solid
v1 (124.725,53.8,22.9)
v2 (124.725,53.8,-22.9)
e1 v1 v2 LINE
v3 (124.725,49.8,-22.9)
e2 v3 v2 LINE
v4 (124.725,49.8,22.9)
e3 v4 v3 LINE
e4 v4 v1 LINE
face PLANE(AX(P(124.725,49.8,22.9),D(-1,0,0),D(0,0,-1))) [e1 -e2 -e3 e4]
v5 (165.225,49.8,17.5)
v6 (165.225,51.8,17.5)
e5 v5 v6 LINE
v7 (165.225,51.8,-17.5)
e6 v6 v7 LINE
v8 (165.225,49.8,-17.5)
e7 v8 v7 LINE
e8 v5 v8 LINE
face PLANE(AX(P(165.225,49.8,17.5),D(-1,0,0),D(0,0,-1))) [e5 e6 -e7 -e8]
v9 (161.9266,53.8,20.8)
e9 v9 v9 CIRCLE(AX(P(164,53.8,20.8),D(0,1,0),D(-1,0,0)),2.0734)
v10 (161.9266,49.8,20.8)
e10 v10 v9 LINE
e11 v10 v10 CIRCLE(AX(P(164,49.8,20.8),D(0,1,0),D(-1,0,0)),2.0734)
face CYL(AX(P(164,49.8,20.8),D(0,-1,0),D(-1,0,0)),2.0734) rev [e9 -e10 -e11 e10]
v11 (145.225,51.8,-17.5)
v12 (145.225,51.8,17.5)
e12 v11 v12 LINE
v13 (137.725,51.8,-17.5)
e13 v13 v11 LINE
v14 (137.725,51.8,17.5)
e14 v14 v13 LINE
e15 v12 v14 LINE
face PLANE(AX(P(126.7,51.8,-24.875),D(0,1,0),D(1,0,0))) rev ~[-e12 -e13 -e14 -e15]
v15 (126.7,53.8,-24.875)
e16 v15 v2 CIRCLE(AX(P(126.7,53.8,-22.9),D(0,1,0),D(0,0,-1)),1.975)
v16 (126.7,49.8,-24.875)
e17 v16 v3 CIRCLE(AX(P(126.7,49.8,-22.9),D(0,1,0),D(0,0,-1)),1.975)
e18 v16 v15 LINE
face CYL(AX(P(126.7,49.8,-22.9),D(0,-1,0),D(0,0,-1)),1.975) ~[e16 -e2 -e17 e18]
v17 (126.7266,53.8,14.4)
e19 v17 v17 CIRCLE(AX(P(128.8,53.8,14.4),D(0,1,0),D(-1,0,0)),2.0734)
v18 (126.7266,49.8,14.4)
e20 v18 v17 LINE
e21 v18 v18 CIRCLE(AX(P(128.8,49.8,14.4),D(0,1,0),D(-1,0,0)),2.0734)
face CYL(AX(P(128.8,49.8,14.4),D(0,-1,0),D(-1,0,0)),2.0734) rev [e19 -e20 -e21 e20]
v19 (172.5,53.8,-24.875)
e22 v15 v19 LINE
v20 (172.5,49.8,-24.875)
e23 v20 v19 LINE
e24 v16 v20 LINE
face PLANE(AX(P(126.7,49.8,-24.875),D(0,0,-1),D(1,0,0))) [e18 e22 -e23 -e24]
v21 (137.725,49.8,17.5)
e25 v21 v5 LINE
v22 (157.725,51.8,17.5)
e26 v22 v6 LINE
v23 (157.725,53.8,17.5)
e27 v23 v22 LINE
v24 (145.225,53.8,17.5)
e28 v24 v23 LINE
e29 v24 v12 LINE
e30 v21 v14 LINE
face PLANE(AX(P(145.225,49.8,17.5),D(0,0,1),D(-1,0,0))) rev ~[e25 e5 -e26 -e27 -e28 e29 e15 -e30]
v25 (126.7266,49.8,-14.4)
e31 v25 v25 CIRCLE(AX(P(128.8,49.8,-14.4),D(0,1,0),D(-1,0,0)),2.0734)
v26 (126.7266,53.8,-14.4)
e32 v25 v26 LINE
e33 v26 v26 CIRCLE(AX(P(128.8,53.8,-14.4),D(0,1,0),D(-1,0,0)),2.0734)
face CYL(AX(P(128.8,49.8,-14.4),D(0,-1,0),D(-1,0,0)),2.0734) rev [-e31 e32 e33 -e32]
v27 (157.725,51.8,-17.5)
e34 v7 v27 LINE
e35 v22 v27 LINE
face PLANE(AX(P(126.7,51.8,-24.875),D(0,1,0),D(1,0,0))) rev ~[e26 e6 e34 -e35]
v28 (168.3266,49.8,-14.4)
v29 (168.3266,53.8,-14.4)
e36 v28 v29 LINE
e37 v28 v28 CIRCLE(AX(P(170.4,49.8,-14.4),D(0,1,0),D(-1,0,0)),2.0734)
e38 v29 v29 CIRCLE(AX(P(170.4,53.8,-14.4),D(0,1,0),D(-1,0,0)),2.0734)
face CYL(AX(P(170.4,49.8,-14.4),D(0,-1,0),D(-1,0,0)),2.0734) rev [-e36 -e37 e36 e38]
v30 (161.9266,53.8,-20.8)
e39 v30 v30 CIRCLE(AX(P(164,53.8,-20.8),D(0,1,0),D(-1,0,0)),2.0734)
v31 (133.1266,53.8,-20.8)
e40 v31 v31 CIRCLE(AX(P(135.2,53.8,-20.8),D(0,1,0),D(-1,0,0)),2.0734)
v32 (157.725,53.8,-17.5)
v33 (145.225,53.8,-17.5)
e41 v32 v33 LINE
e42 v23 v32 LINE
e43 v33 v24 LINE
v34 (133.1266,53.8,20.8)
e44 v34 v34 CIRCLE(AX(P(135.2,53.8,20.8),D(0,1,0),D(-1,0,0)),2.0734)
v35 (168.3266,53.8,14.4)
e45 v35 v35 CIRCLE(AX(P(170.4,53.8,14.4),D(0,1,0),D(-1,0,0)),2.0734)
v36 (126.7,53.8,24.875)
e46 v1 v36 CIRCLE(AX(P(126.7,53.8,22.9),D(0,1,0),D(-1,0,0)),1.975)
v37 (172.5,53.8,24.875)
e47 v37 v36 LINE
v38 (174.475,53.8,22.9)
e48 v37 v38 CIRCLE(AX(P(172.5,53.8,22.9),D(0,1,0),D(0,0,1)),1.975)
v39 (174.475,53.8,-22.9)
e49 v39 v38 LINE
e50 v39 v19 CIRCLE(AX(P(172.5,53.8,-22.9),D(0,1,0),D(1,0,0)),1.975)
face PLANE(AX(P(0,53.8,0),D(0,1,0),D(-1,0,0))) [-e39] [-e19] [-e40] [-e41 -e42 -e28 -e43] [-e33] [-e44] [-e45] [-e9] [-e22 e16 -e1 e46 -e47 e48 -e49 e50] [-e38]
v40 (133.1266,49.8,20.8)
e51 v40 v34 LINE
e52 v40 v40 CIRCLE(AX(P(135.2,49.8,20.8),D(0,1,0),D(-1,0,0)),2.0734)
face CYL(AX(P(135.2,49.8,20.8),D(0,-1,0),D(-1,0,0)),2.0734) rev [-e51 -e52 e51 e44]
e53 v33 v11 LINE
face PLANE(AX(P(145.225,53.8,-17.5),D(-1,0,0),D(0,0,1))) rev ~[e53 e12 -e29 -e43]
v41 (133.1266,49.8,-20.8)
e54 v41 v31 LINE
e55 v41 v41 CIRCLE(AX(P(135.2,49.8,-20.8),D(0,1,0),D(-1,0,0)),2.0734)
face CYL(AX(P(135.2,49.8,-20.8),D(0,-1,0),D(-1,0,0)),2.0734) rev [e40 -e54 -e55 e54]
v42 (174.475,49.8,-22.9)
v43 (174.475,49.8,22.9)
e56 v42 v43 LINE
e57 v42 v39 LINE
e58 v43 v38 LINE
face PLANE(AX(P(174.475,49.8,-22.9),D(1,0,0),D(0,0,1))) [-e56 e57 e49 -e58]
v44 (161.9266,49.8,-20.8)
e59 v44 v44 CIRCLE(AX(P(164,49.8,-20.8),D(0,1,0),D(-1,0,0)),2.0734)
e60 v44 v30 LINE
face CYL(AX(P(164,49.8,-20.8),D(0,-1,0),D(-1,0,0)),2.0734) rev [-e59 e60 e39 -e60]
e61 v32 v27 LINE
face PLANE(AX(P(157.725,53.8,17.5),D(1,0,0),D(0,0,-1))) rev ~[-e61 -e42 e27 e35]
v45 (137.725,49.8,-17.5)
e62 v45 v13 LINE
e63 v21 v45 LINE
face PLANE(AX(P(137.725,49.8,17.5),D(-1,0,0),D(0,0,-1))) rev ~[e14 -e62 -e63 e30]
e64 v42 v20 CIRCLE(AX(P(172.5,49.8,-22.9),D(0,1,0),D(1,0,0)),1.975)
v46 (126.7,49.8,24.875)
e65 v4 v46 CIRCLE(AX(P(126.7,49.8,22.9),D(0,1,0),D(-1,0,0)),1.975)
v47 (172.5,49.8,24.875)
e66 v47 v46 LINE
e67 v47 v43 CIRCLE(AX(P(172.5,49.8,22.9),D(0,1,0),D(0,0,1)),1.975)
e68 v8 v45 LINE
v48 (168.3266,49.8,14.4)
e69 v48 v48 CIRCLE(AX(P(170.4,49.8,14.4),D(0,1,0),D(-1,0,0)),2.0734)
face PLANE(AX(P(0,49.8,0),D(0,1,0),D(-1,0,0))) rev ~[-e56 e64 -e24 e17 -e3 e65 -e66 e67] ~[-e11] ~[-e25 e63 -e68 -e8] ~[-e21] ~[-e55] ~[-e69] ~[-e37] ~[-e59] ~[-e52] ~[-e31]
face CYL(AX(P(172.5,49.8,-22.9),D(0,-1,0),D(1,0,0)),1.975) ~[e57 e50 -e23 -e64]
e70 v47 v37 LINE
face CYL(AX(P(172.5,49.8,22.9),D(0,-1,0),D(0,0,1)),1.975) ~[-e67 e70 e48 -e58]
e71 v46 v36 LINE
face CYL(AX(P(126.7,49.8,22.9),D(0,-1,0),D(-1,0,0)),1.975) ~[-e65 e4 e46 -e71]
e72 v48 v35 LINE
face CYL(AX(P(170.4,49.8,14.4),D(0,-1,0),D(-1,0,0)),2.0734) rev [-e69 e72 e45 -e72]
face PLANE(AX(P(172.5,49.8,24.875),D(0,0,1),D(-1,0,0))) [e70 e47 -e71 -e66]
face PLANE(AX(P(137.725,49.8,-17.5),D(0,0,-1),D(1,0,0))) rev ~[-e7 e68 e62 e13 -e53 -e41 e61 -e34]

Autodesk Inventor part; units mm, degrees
ref_plane "YZ Plane" through (0, 0, 0) normal (1, 0, 0) x (0, 1, 0)
ref_plane "XZ Plane" through (0, 0, 0) normal (0, 1, 0) x (-1, 0, 0)
sketch "Sketch1" plane through (0, 0, 0) normal (0, 1, 0) x (-1, 0, 0)
  line L0 (-155.225, -15) -> (-155.225, 15) projected
  line L1 (-155.225, 15) -> (-147.725, 15) projected
  line L2 (-147.725, 15) -> (-147.725, -15) projected
  line L3 (-147.725, -15) -> (-155.225, -15) projected
  circle A0 centre (-171.5, -21.9) radius 1.875 projected
  circle A1 centre (-127.7, 21.9) radius 1.875 projected
  circle A2 centre (-127.7, -21.9) radius 1.875 projected
  circle A3 centre (-171.5, 21.9) radius 1.875 projected
  circle A4 centre (-135.2, 20.8) radius 2.0734 projected
  circle A5 centre (-164, -20.8) radius 2.0734 projected
  circle A6 centre (-135.2, -20.8) radius 2.0734 projected
  circle A7 centre (-128.8, -14.4) radius 2.0734 projected
  circle A8 centre (-128.8, 14.4) radius 2.0734 projected
  circle A9 centre (-164, 20.8) radius 2.0734 projected
  circle A10 centre (-170.4, -14.4) radius 2.0734 projected
  circle A11 centre (-170.4, 14.4) radius 2.0734 projected
  line L4 (-172.5, 24.875) -> (-126.7, 24.875) projected
  arc A12 (-172.5, 24.875) -> (-174.475, 22.9) centre (-172.5, 22.9) ccw projected
  line L5 (-174.475, -22.9) -> (-174.475, 22.9) projected
  arc A13 (-174.475, -22.9) -> (-172.5, -24.875) centre (-172.5, -22.9) ccw projected
  line L6 (-126.7, -24.875) -> (-172.5, -24.875) projected
  arc A14 (-126.7, -24.875) -> (-124.725, -22.9) centre (-126.7, -22.9) ccw projected
  line L7 (-124.725, 22.9) -> (-124.725, -22.9) projected
  arc A15 (-124.725, 22.9) -> (-126.7, 24.875) centre (-126.7, 22.9) ccw projected
  point P0 (0, 0)
ref_plane "Work Plane1" through (124.725, 49.8, -24.875) normal (0, 1, 0) x (0, 0, 1)
extrude "Extrusion1" add sketch "Sketch1" along normal blind 4 from surface at 49.8 contours A0 | A1 | A2 | A3 | L4 A15 L7 A14 L6 A13 L5 A12
sketch "Sketch2" plane through (126.7, 53.8, -24.875) normal (0, 1, 0) x (1, 0, 0)
  line L0 (28.525, -9.875) -> (21.025, -9.875) projected
  line L1 (28.525, -39.875) -> (28.525, -9.875) projected
  line L2 (21.025, -39.875) -> (28.525, -39.875) projected
  line L3 (21.025, -9.875) -> (21.025, -39.875) projected
  circle A0 centre (8.5, -45.675) radius 2.0734 projected
  circle A1 centre (37.3, -4.075) radius 2.0734 projected
  circle A2 centre (8.5, -4.075) radius 2.0734 projected
  circle A3 centre (2.1, -10.475) radius 2.0734 projected
  circle A4 centre (2.1, -39.275) radius 2.0734 projected
  circle A5 centre (37.3, -45.675) radius 2.0734 projected
  circle A6 centre (43.7, -10.475) radius 2.0734 projected
  circle A7 centre (43.7, -39.275) radius 2.0734 projected
  arc A8 (47.775, -1.975) -> (45.8, 0) centre (45.8, -1.975) ccw projected
  line L4 (0, 0) -> (45.8, 0) projected
  arc A9 (0, 0) -> (-1.975, -1.975) centre (0, -1.975) ccw projected
  line L5 (-1.975, -47.775) -> (-1.975, -1.975) projected
  arc A10 (-1.975, -47.775) -> (0, -49.75) centre (0, -47.775) ccw projected
  line L6 (45.8, -49.75) -> (0, -49.75) projected
  arc A11 (45.8, -49.75) -> (47.775, -47.775) centre (45.8, -47.775) ccw projected
  line L7 (47.775, -1.975) -> (47.775, -47.775) projected
  line L8 (18.525, -42.375) -> (31.025, -42.375)
  line L9 (31.025, -42.375) -> (31.025, -7.375)
  line L10 (31.025, -7.375) -> (18.525, -7.375)
  line L11 (18.525, -7.375) -> (18.525, -42.375)
  line L12 (45.8, 0) -> (50.05, 0)
  line L13 (50.05, 0) -> (50.05, -49.75)
  line L14 (50.05, -49.75) -> (45.8, -49.75)
  line L15 (45.8, -49.75) -> (45.8, 0)
  line L16 (50.05, -49.75) -> (47.925, -49.75)
  line L17 (47.925, -49.75) -> (47.925, 0)
  line L18 (47.925, 0) -> (50.05, 0)
  line L19 (50.05, 0) -> (50.05, -49.75)
  arc A12 (45.8, -49.875) -> (47.9, -47.775) centre (45.8, -47.775) ccw
  line L20 (45.8, -49.875) -> (0, -49.875)
  arc A13 (-2.1, -47.775) -> (0, -49.875) centre (0, -47.775) ccw
  line L21 (-2.1, -47.775) -> (-2.1, -1.975)
  arc A14 (0, 0.125) -> (-2.1, -1.975) centre (0, -1.975) ccw
  line L22 (0, 0.125) -> (45.8, 0.125)
  arc A15 (47.9, -1.975) -> (45.8, 0.125) centre (45.8, -1.975) ccw
  line L23 (47.9, -1.975) -> (47.9, -47.775)
  line L24 (18.525, -42.375) -> (11.025, -42.375)
  line L25 (11.025, -42.375) -> (11.025, -7.375)
  line L26 (11.025, -7.375) -> (18.525, -7.375)
  line L27 (18.525, -7.375) -> (18.525, -42.375)
  line L28 (31.025, -42.375) -> (38.525, -42.375)
  line L29 (38.525, -42.375) -> (38.525, -7.375)
  line L30 (38.525, -7.375) -> (31.025, -7.375)
  line L31 (31.025, -7.375) -> (31.025, -42.375)
  point P0 (-126.7, -24.875)
  point P1 (47.925, -49.75)
  point P2 (46.5137, -49.75)
  point P3 (46.5137, 0)
  point P4 (31.025, -7.375)
  point P5 (18.525, -7.375)
  dimension "d2" = 2.5
  dimension "d3" = 4.25
  dimension "d4" = 2.125
  dimension "d15" = 0.125
  dimension "d16" = 7.5
  dimension "d17" = 7.5
extrude "Extrusion2" cut sketch "Sketch2" against normal up to surface (4 mm away) contours L11 L10 L9 L8
extrude "Extrusion3" [suppressed]
extrude "Extrusion4" [suppressed]
fillet "Fillet1" [suppressed]
sketch "Sketch3" plane through (176.75, 51.8, 22.875) normal (1, 0, 0) x (0, 0, -1)
  line L0 (7.875, -21.425) -> (7.875, -28.925) projected
  line L1 (7.875, -28.925) -> (37.875, -28.925) projected
  line L2 (37.875, -28.925) -> (37.875, -21.425) projected
  line L3 (37.875, -21.425) -> (7.875, -21.425) projected
  line L4 (5.825, -9.7) -> (39.925, -9.7) projected
  line L5 (39.925, -44.1) -> (39.925, -9.7) projected
  line L6 (5.825, -44.1) -> (39.925, -44.1) projected
  line L7 (5.825, -9.7) -> (5.825, -44.1) projected
  line L8 (2.875, -16.425) -> (2.875, -33.925)
  line L9 (2.875, -33.925) -> (42.875, -33.925)
  line L10 (42.875, -33.925) -> (42.875, -16.425)
  line L11 (42.875, -16.425) -> (2.875, -16.425)
  point P0 (22.875, -51.8)
  dimension "d12" = 5
extrude "Extrusion5" [suppressed]
extrude "Extrusion6" cut sketch "Sketch2" along normal blind 2 from surface at -4 contours L24 L25 L26 L11 | L9 L30 L29 L28
properties part number "Lens Top Light Cover"
